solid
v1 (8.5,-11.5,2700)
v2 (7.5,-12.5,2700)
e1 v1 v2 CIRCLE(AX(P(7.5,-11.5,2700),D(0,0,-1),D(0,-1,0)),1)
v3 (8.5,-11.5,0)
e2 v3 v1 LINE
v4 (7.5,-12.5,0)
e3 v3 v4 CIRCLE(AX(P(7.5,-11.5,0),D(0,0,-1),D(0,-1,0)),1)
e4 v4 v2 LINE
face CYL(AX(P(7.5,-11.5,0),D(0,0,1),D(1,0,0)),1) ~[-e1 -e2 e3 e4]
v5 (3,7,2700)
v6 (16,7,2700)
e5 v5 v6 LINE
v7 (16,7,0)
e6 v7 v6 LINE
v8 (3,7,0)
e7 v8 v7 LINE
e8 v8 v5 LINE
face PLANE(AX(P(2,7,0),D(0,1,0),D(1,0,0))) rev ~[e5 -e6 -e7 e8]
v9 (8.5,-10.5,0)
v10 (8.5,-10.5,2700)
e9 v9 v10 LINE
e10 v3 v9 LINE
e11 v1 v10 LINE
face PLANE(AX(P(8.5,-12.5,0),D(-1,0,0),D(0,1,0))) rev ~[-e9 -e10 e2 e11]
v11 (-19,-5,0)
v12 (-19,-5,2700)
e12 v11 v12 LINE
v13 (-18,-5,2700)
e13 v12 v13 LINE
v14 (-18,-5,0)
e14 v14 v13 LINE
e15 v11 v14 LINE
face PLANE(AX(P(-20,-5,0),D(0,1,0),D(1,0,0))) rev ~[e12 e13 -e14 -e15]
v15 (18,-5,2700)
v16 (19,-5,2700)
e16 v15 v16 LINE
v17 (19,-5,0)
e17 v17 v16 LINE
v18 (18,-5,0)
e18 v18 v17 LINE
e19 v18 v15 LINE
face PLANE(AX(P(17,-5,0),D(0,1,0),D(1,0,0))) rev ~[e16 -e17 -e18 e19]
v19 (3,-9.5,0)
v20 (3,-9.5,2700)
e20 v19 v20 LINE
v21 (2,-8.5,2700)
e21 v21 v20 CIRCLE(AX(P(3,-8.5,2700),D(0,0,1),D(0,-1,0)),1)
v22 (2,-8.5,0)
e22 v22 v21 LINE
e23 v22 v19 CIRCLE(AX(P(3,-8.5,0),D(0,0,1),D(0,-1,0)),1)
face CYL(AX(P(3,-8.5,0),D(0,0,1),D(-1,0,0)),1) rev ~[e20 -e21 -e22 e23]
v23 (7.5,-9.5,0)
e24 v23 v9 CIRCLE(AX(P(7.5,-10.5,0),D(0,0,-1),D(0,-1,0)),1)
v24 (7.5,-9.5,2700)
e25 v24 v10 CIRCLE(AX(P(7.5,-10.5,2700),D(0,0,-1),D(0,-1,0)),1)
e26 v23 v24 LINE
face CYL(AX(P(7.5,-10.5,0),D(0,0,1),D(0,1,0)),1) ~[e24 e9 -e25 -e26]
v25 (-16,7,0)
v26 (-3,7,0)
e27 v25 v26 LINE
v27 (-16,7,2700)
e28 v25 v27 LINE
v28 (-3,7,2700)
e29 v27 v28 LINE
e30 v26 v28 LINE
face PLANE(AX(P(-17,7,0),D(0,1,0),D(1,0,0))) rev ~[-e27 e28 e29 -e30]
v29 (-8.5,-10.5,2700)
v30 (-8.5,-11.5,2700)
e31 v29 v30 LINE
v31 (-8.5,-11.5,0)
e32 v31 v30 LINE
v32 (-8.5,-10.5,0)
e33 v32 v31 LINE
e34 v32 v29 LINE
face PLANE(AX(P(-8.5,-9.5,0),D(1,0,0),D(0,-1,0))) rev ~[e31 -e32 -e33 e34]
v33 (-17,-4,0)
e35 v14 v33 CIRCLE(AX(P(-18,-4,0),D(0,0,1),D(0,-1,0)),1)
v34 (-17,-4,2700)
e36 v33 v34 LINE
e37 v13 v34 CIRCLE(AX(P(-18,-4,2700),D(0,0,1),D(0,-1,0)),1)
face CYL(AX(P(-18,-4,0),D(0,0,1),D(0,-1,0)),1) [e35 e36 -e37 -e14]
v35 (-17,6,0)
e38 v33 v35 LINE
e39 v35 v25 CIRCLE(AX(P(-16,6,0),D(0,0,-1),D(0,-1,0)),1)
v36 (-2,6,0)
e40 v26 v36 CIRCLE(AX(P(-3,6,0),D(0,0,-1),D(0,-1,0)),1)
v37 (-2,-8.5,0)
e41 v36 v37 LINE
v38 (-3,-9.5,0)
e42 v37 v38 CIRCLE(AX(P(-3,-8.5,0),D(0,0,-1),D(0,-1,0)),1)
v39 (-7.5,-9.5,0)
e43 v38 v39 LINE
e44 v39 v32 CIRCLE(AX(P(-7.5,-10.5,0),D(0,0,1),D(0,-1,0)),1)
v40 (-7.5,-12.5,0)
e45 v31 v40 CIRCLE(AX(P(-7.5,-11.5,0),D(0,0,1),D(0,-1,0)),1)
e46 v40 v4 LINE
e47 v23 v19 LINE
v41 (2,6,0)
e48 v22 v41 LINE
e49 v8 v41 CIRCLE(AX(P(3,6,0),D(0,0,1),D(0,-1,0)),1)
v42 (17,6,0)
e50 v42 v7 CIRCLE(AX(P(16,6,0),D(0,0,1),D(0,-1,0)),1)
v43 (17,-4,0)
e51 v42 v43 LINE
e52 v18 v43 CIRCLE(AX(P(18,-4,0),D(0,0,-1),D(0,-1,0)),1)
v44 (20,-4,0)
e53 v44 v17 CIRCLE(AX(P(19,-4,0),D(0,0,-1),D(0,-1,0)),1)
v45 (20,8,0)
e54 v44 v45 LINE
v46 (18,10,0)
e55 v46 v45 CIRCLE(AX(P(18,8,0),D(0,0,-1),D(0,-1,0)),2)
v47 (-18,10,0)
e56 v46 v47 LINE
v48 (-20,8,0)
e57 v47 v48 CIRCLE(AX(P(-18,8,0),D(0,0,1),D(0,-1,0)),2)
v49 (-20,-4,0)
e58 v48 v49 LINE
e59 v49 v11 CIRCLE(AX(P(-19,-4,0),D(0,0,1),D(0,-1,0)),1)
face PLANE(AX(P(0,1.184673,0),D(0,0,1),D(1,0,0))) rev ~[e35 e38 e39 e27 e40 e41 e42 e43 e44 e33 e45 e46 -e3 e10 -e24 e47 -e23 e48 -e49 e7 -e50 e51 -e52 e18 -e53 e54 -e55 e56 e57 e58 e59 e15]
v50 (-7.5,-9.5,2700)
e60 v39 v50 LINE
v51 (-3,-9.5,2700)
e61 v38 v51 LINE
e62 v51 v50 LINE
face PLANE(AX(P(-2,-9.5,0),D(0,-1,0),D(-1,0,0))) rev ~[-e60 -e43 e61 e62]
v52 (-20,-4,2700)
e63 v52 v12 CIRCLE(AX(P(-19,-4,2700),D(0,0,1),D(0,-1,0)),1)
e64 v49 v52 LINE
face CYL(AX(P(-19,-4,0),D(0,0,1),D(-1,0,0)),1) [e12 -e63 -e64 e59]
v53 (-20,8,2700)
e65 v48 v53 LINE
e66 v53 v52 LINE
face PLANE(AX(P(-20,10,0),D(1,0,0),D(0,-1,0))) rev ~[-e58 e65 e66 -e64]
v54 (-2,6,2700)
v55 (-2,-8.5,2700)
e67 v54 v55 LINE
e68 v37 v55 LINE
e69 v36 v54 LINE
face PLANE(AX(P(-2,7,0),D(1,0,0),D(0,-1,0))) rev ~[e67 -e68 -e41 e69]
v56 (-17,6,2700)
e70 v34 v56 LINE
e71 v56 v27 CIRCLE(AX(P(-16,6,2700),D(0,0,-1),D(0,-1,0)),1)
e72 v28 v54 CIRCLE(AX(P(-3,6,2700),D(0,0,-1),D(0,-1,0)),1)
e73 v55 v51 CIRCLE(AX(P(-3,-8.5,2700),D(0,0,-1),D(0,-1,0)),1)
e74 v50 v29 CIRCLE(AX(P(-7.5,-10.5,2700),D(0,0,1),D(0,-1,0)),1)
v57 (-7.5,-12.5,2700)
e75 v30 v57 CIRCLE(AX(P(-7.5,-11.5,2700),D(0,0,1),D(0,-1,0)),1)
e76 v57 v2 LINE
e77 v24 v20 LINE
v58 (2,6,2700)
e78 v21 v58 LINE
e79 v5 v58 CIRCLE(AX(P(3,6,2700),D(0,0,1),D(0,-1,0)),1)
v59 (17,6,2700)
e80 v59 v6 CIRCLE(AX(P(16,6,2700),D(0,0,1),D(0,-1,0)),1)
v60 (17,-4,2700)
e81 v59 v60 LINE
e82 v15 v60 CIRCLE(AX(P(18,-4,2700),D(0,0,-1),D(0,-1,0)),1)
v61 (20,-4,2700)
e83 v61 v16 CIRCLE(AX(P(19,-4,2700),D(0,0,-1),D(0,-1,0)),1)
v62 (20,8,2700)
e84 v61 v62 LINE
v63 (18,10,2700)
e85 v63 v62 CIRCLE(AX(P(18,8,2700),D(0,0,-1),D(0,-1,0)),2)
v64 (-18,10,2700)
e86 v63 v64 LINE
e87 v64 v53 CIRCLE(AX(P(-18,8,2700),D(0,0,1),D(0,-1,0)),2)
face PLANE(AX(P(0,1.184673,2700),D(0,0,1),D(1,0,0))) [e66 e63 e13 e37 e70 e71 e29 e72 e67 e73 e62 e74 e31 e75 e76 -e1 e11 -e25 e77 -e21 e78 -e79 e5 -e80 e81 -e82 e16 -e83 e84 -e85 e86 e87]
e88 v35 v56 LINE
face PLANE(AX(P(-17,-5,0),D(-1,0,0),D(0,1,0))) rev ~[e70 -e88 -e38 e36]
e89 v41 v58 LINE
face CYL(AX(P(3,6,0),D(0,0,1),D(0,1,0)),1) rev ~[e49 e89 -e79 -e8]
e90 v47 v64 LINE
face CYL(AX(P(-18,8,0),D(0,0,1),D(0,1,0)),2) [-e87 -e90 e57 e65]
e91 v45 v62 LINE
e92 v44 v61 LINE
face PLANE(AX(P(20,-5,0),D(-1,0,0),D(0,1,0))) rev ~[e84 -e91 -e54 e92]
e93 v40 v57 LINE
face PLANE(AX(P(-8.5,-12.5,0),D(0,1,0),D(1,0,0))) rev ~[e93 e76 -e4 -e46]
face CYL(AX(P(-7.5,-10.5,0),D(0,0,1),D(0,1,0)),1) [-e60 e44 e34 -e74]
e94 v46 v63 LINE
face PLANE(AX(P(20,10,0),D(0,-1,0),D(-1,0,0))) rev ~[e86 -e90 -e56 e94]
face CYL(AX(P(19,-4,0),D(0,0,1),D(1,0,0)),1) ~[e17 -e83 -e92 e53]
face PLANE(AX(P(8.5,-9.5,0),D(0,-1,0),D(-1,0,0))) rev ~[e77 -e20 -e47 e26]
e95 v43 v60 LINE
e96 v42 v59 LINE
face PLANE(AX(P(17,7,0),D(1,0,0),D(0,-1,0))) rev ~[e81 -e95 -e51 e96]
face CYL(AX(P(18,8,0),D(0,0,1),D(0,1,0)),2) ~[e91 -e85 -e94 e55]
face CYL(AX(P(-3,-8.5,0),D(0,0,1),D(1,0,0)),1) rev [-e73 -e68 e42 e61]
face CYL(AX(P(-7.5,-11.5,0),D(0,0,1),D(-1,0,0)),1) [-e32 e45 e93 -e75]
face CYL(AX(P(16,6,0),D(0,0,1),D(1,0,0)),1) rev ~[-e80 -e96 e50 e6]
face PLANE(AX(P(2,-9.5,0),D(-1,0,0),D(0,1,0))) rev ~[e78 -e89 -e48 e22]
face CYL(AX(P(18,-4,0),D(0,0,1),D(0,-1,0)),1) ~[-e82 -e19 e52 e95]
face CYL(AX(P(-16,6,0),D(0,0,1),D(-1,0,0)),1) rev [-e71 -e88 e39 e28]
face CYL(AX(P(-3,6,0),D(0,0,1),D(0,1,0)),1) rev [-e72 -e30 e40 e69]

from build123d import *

# Parameters (mm, degrees)
F1_DEPTH = 2700
F2_R     = 2
F3_R     = 1


with BuildPart() as f1:
    # F0 (on Top) → F1 (new body)
    with BuildSketch(Plane.XY):
        Polygon((20, 10), (-20, 10), (-20, -5), (-17, -5), (-17, 7), (-2, 7), (-2, -9.5), (-8.5, -9.5), (-8.5, -12.5), (0, -12.5), (8.5, -12.5), (8.5, -9.5), (2, -9.5), (2, 7), (17, 7), (17, -5), (20, -5), align=None)
    extrude(amount=F1_DEPTH)

    # F2
    f2_edges = [f1.edges().sort_by_distance(p)[0] for p in [
        (-20, 10, 1350),
        (20, 10, 1350),
    ]]
    fillet(f2_edges, radius=F2_R)

    # F3
    f3_edges = [f1.edges().sort_by_distance(p)[0] for p in [
        (-17, 7, 1350),
        (-17, -5, 1350),
        (-20, -5, 1350),
        (-8.5, -12.5, 1350),
        (8.5, -12.5, 1350),
        (8.5, -9.5, 1350),
        (17, -5, 1350),
        (20, -5, 1350),
        (2, 7, 1350),
        (17, 7, 1350),
        (-2, 7, 1350),
        (-8.5, -9.5, 1350),
        (-2, -9.5, 1350),
        (2, -9.5, 1350),
    ]]
    fillet(f3_edges, radius=F3_R)


solid = f1.part
